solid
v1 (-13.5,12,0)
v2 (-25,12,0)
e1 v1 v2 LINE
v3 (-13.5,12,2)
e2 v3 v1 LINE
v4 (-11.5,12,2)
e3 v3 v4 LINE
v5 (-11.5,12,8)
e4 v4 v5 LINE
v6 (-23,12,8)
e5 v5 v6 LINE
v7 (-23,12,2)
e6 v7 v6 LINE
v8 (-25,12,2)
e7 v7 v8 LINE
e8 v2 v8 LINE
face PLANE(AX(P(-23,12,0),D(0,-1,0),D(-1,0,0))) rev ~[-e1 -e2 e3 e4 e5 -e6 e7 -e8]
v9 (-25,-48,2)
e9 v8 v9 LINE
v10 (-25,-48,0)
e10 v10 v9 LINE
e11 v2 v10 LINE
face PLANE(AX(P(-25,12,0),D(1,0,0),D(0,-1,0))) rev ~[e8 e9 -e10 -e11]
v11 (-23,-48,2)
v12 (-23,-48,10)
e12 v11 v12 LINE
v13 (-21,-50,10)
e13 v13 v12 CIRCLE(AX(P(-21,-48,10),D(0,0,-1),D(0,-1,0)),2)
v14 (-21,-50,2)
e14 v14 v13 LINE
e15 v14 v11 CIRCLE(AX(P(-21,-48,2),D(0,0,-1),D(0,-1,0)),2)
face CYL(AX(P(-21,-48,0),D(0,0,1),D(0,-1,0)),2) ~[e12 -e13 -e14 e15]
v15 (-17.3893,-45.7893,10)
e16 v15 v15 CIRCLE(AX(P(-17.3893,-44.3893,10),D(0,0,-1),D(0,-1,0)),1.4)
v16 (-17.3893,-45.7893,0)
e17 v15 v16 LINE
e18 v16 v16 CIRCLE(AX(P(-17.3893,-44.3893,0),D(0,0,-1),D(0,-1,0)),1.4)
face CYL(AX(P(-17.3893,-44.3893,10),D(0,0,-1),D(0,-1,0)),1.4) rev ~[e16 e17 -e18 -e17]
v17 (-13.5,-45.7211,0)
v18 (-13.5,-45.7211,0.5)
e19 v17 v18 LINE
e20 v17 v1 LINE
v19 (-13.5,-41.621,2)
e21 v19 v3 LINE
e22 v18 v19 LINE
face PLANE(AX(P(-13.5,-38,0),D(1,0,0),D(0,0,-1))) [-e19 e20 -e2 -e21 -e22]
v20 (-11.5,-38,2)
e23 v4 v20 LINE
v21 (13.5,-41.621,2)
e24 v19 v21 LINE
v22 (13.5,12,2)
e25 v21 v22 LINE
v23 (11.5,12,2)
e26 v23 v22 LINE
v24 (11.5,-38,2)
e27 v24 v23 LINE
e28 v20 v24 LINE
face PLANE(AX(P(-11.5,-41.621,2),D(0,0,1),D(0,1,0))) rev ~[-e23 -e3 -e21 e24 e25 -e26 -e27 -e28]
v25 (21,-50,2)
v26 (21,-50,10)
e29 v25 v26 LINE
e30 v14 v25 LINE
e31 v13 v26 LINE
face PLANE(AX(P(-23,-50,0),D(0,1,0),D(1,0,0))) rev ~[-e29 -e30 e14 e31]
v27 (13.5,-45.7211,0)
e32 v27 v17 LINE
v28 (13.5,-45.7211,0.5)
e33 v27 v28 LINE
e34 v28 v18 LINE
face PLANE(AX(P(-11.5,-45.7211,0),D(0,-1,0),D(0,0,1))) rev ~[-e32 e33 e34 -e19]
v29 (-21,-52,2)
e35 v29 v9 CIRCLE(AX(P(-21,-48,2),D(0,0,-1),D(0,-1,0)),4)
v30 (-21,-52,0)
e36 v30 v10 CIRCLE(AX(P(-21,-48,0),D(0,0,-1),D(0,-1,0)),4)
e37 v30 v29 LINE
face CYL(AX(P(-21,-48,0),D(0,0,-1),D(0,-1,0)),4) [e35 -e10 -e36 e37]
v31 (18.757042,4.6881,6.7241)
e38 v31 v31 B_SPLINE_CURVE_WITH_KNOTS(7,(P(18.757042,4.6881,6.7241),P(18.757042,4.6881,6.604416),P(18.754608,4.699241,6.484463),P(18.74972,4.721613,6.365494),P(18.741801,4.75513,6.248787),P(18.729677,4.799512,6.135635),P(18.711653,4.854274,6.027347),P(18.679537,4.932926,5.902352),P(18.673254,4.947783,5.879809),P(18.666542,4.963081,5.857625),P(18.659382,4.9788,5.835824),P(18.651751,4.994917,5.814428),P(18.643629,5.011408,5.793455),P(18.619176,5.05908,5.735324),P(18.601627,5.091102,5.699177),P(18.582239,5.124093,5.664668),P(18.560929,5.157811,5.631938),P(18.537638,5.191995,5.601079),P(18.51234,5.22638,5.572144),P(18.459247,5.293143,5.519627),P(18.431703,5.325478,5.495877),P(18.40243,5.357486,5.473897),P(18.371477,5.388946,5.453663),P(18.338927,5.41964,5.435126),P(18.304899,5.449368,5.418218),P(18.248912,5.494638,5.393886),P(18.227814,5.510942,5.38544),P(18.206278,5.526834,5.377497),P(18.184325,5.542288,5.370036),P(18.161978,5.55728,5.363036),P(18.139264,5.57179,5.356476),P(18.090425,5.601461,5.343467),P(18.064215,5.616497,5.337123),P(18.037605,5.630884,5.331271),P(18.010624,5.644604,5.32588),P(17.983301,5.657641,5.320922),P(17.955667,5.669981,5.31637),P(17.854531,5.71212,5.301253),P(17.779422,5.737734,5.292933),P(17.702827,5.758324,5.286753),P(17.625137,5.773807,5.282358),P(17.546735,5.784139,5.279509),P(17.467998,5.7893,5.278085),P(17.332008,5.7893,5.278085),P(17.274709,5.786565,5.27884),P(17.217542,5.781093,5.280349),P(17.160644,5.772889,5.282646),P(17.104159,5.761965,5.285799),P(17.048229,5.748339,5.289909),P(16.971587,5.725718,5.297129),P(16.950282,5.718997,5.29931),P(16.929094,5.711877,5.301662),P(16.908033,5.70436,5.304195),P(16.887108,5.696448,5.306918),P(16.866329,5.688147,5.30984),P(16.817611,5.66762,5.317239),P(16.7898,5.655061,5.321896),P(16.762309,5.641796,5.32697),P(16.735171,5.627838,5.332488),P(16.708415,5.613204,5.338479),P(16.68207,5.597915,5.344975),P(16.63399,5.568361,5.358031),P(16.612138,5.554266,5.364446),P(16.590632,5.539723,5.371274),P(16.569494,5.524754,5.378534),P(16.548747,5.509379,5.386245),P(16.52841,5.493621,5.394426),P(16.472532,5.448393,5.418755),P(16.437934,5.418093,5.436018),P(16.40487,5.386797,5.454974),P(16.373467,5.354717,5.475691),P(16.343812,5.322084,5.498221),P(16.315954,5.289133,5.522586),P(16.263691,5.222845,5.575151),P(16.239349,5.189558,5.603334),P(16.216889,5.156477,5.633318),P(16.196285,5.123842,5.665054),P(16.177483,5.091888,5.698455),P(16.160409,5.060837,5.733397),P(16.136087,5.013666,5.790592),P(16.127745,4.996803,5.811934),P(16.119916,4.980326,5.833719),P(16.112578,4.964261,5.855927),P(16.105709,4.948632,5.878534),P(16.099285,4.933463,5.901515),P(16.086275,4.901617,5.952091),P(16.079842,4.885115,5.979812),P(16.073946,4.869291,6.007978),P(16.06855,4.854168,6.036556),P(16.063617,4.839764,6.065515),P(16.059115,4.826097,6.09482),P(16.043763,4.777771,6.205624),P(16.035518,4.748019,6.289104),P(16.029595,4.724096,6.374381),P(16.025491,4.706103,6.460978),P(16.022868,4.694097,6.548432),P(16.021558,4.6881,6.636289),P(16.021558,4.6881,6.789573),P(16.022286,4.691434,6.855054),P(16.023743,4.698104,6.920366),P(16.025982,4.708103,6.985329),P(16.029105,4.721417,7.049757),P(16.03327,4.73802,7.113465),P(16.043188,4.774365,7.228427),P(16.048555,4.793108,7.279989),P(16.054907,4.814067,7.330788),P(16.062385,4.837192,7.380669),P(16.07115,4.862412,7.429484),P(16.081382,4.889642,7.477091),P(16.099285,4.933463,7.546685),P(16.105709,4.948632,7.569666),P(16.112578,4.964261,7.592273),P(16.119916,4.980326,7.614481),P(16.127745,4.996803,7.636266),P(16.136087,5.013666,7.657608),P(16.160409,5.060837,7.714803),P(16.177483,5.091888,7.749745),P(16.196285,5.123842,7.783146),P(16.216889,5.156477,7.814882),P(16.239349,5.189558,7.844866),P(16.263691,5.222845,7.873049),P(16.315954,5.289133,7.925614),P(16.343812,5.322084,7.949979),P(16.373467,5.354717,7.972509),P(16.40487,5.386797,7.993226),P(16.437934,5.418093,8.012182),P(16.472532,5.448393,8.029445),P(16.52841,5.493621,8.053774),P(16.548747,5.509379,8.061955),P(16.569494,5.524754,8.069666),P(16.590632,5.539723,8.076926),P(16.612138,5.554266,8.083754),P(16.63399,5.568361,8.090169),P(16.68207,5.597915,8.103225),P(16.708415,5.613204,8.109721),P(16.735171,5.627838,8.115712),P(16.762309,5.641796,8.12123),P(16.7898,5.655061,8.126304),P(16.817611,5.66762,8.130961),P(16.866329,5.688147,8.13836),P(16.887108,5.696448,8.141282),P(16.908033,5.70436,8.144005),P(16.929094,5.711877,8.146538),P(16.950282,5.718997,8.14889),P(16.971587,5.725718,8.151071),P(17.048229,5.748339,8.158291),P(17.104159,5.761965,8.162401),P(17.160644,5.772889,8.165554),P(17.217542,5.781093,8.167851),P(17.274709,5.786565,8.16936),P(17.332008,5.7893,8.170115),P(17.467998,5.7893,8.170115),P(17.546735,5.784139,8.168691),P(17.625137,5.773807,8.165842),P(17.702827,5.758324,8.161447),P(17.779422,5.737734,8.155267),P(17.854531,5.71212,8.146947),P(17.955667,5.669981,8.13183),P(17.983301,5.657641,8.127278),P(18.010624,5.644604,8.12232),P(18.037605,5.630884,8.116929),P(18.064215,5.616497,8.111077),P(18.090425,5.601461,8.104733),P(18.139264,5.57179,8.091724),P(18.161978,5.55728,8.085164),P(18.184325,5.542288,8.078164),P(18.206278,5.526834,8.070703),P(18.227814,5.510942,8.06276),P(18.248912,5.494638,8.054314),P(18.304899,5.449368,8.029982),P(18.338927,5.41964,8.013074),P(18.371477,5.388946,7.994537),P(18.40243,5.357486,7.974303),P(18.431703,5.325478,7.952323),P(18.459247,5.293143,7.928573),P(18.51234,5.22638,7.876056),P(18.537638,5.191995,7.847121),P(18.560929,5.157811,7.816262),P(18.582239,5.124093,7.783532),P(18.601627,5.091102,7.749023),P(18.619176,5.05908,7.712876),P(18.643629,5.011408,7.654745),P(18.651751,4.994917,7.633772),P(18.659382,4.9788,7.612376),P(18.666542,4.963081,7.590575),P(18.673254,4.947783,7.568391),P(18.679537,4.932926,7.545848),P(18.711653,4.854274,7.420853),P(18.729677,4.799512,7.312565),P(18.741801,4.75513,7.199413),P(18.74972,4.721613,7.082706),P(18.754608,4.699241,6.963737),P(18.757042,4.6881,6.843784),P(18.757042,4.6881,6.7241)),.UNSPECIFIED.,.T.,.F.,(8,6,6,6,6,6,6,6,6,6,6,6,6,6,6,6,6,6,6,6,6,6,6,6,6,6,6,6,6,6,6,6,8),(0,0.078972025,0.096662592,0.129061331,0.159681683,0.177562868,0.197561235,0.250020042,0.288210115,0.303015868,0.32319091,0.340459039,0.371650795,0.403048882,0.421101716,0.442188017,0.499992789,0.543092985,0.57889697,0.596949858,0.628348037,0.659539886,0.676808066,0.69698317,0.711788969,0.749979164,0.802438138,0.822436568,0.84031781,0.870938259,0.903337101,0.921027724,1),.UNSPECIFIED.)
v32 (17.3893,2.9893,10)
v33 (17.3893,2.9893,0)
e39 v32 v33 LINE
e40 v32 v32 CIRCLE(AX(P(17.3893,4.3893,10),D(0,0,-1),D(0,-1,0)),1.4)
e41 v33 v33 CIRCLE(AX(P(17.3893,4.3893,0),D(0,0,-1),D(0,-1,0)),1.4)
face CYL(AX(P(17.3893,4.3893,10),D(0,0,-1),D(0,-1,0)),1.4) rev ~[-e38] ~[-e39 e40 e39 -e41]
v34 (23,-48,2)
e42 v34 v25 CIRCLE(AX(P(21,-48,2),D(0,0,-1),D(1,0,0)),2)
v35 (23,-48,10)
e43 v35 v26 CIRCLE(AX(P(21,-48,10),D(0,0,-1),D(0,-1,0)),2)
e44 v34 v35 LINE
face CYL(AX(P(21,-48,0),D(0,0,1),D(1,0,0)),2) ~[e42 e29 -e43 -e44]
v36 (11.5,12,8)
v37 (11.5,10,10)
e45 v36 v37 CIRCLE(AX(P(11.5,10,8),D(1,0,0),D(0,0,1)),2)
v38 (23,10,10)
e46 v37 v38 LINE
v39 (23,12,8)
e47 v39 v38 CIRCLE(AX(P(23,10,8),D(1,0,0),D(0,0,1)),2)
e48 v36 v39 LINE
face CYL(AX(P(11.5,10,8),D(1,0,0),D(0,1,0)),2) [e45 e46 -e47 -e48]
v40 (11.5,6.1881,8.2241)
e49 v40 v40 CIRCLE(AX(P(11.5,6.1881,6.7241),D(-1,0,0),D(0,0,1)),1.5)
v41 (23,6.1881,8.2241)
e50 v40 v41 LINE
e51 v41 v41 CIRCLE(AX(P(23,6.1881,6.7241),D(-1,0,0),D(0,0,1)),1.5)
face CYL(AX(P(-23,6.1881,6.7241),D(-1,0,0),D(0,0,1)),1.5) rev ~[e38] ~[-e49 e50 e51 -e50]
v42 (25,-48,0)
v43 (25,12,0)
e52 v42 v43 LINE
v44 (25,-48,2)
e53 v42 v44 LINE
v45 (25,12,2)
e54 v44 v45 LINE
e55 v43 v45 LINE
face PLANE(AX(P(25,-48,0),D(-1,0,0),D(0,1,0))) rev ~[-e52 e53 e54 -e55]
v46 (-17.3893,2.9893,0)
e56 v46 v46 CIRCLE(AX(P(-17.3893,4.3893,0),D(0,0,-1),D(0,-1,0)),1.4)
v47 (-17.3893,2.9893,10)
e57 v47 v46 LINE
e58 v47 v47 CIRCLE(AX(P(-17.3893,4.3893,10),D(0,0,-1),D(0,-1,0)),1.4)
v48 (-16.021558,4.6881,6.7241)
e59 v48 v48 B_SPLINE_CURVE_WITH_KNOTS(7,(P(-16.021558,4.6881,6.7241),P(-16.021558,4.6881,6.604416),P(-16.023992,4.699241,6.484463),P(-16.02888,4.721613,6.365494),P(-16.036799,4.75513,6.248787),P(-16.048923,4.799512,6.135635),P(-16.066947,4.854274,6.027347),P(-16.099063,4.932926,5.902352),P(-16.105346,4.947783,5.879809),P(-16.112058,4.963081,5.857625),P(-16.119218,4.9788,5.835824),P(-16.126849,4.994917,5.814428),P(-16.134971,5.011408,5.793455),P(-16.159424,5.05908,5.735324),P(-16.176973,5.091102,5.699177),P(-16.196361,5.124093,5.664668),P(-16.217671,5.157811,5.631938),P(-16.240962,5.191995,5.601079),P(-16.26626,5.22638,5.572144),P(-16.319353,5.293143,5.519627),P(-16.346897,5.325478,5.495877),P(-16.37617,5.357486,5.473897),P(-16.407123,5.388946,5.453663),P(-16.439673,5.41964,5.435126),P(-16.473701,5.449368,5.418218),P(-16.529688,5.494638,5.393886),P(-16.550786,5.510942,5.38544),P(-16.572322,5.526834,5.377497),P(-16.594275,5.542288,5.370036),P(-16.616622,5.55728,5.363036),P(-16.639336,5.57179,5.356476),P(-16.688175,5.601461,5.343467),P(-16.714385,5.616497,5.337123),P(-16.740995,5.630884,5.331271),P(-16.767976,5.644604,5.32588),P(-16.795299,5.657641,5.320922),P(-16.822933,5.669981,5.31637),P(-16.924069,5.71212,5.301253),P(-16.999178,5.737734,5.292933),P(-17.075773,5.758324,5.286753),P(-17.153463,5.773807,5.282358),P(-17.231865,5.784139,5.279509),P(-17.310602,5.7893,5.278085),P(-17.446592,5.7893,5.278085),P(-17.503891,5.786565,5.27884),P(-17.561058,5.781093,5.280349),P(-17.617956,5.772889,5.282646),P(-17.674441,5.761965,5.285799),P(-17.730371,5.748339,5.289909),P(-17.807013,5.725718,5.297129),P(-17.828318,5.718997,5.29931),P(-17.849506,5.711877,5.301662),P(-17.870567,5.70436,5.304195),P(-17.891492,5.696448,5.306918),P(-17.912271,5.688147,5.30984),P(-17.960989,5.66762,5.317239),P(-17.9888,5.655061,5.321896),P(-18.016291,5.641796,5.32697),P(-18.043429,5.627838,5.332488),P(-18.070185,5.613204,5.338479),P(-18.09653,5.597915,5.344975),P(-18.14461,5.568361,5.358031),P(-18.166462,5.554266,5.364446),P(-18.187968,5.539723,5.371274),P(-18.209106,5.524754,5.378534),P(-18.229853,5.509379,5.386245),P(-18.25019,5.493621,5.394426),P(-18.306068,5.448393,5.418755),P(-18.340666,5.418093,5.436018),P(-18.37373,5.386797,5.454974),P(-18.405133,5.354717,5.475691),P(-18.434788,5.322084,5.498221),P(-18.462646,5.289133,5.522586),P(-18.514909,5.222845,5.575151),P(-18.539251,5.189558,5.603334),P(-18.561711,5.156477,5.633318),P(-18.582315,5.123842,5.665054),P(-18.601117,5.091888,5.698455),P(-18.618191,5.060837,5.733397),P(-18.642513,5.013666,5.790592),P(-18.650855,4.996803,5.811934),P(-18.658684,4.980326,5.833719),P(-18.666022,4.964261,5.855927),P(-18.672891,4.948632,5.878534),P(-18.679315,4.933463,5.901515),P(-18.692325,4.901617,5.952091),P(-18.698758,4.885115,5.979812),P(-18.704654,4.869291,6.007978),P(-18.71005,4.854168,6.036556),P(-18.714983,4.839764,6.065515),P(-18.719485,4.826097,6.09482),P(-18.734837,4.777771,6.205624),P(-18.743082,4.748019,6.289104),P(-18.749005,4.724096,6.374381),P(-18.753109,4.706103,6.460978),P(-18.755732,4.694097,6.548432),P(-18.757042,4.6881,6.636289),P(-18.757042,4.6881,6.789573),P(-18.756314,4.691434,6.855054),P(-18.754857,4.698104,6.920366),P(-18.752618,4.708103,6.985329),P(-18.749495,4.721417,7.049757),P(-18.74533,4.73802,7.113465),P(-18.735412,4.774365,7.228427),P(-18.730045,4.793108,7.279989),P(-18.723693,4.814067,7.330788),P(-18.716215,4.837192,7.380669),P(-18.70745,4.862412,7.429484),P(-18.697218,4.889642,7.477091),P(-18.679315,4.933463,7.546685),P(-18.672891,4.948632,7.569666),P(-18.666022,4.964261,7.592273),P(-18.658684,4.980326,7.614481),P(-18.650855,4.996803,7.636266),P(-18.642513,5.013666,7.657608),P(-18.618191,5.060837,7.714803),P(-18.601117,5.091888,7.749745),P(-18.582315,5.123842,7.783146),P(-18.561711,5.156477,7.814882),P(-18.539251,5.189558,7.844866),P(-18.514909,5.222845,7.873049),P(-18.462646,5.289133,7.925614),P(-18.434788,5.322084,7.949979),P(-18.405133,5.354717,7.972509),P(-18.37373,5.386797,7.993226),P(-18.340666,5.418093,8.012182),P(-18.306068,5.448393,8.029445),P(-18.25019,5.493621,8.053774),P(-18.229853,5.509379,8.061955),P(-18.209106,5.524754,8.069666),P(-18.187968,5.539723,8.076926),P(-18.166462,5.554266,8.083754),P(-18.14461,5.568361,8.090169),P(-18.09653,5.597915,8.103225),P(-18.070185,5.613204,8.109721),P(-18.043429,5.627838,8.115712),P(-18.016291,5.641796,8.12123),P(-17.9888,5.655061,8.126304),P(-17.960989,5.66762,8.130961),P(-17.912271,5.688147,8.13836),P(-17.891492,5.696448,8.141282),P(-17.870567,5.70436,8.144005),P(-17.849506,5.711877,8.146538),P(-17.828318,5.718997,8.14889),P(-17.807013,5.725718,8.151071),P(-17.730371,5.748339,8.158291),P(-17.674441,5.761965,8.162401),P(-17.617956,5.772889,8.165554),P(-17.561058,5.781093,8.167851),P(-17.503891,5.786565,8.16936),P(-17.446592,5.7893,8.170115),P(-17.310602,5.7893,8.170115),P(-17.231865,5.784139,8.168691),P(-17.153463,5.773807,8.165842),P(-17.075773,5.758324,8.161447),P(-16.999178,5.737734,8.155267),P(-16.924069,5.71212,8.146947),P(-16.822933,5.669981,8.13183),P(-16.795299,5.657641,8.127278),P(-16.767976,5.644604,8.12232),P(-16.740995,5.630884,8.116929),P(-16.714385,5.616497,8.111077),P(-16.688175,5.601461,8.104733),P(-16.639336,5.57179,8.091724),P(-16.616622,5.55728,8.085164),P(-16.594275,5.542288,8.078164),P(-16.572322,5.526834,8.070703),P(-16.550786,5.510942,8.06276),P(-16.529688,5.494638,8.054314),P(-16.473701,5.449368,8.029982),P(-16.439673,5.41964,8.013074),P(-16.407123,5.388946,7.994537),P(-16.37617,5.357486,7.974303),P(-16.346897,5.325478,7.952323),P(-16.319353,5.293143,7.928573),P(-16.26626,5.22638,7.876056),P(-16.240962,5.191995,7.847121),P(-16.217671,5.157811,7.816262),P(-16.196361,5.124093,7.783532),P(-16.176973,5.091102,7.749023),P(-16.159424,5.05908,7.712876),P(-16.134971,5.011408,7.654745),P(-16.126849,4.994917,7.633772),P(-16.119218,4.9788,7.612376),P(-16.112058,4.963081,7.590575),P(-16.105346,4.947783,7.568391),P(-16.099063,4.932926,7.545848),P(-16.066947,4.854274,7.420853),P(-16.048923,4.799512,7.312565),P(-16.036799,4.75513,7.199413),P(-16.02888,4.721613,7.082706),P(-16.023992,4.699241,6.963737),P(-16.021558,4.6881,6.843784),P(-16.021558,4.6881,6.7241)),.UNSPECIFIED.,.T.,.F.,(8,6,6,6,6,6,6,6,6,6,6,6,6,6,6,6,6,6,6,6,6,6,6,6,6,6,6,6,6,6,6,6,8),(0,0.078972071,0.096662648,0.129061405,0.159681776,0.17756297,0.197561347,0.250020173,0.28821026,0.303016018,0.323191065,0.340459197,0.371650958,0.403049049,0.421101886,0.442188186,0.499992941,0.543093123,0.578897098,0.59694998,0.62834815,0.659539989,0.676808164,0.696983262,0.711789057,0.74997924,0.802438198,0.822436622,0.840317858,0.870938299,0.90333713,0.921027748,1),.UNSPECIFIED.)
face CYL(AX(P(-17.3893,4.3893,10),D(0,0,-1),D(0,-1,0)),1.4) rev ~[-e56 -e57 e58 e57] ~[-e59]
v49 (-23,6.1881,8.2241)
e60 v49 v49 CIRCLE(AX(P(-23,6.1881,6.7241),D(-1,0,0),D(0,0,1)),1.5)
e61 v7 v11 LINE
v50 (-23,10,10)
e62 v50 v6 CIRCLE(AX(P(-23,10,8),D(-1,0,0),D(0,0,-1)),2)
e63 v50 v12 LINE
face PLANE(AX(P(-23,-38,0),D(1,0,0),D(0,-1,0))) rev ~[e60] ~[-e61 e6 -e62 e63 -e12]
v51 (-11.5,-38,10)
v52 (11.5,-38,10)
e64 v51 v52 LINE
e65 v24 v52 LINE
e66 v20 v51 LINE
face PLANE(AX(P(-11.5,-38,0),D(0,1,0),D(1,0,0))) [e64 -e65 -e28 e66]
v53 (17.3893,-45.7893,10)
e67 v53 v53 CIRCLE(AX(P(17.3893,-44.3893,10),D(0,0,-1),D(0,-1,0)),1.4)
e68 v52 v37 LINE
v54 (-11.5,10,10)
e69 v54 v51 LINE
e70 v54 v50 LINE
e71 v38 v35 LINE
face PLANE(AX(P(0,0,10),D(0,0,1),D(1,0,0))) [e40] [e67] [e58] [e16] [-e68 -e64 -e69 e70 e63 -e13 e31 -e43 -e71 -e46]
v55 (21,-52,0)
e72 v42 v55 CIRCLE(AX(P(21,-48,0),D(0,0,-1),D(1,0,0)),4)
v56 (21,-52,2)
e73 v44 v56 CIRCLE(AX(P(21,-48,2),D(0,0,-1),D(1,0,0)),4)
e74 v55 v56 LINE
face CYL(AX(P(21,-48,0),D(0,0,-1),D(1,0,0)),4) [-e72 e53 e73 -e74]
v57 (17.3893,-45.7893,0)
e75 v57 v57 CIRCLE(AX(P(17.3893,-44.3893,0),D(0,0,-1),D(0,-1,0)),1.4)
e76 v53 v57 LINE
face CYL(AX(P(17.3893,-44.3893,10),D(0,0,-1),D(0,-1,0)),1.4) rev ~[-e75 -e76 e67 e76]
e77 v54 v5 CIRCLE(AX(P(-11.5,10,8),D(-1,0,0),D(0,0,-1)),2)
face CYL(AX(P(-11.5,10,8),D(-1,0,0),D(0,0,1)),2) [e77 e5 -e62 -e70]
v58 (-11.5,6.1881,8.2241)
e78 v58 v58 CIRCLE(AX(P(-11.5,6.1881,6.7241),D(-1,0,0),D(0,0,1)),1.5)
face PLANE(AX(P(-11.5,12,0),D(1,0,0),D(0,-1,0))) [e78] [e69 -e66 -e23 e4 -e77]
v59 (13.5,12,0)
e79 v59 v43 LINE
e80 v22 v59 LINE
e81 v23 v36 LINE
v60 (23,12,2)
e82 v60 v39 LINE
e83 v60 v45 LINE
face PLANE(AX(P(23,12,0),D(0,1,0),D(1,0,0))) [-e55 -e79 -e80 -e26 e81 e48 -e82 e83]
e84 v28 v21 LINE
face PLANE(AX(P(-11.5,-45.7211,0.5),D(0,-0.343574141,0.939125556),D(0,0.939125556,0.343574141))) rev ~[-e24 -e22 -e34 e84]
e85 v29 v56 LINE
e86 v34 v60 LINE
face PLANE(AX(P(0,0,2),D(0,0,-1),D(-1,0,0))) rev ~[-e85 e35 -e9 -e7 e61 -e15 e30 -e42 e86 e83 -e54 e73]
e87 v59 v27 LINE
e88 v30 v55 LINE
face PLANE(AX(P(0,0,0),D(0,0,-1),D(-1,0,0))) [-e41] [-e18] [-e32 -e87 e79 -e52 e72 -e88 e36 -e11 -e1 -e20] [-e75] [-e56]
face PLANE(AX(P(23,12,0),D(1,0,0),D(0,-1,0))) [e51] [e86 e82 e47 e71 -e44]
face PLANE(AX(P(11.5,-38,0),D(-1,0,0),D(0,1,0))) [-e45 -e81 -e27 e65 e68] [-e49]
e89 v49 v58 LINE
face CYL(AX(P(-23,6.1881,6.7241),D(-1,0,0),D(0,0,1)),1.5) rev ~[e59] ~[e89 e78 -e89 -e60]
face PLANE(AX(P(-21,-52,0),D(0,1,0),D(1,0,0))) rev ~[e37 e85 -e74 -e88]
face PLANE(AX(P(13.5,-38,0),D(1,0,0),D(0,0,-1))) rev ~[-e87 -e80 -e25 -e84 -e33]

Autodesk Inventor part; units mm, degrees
ref_plane "YZ Plane" through (0, 0, 0) normal (1, 0, 0) x (0, 1, 0)
ref_plane "XZ Plane" through (0, 0, 0) normal (0, 1, 0) x (-1, 0, 0)
ref_plane "XY Plane" through (0, 0, 0) normal (0, 0, 1) x (1, 0, 0)
sketch "Skizze1" plane through (0, 0, 0) normal (0, 0, 1) x (1, 0, 0)
  line L0 (11.5, 38) -> (-11.5, 38)
  line L1 (-11.5, 38) -> (-11.5, -38)
  line L2 (-11.5, -38) -> (11.5, -38)
  line L3 (11.5, -38) -> (11.5, 38)
  line L4 (11.5, 38) -> (-11.5, -38) construction
  line L5 (-11.5, 38) -> (11.5, -38) construction
  line L6 (-23, -50) -> (23, -50)
  line L7 (23, -50) -> (23, -38)
  line L8 (23, -38) -> (-23, -38)
  line L9 (-23, -38) -> (-23, -50)
  line L10 (-23, -50) -> (23, -38) construction
  line L11 (23, -50) -> (-23, -38) construction
  line L12 (-23, -38) -> (-11.5, -38)
  line L13 (-11.5, -38) -> (-11.5, 12)
  line L14 (-11.5, 12) -> (-23, 12)
  line L15 (-23, 12) -> (-23, -38)
  line L16 (23, -38) -> (11.5, -38)
  line L17 (11.5, -38) -> (11.5, 12)
  line L18 (11.5, 12) -> (23, 12)
  line L19 (23, 12) -> (23, -38)
  point P0 (0, 0)
  point P1 (0, -44)
  point P2 (0, -38)
  dimension "d0" = 23
  dimension "d1" = 76
  dimension "d2" = 12
  dimension "d3" = 50
  dimension "d4" = 50
  dimension "d5" = 46
extrude "Extrusion1" add sketch "Skizze1" along normal blind 10 contours L18 L19 L8 L3 | L1 L8 L15 L14 | L8 L7 L6 L9 L2
sketch "Skizze2" plane through (-11.5, -38, 0) normal (1, 0, 0) x (0, 0, -1)
  line L0 (0, 50) -> (0, -12) projected
  line L1 (0, -7.7211) -> (-0.5, -7.7211)
  line L2 (-0.5, -7.7211) -> (-2, -3.621)
  line L3 (-2, -3.621) -> (-2, 50)
  line L4 (-2, 50) -> (0, 50)
  line L5 (0, 0) -> (0, 50) projected
  point P0 (0, 38)
  point P1 (0, 5.0638)
  dimension "d8" = 0.5
  dimension "d15" = 2
extrude "Extrusion2" cut sketch "Skizze2" along normal blind 25 and the other way blind 2
sketch "Skizze3" plane through (-23, -50, 0) normal (-1, 0, 0) x (0, 0, 1)
  line L0 (0, 62) -> (0, 0) projected
  line L1 (0, 0) -> (10, 0) projected
  line L2 (10, 62) -> (10, 0) projected
  line L3 (0, 62) -> (10, 62) projected
  circle A0 centre (6.7241, 56.1881) radius 1.5
  point P0 (0, 50)
  dimension "d11" = 3
extrude "Extrusion3" cut sketch "Skizze3" against normal through all contours A0
fillet "Rundung1" radius 2 4 edges at (17.25, 12, 10) (-17.25, 12, 10) (-23, -50, 5) (23, -50, 5)
sketch "Skizze4" plane through (0, 0, 0) normal (0, 0, -1) x (-1, 0, 0)
  arc A0 (-23, -48) -> (-21, -50) centre (-21, -48) ccw projected
  line L0 (21, -50) -> (-21, -50) projected
  arc A1 (21, -50) -> (23, -48) centre (21, -48) ccw projected
  line L1 (23, 12) -> (23, -48) projected
  line L2 (13.5, 12) -> (23, 12) projected
  line L3 (13.5, 12) -> (13.5, -45.7211) projected
  line L4 (13.5, -45.7211) -> (-13.5, -45.7211) projected
  line L5 (-13.5, -45.7211) -> (-13.5, 12) projected
  line L6 (-23, 12) -> (-13.5, 12) projected
  line L7 (-23, -48) -> (-23, 12) projected
  line L8 (-25, 14) -> (-11.5, 14)
  line L9 (-11.5, 14) -> (-11.5, -43.7211)
  line L10 (-11.5, -43.7211) -> (11.5, -43.7211)
  line L11 (11.5, -43.7211) -> (11.5, 14)
  line L12 (11.5, 14) -> (25, 14)
  line L13 (25, 14) -> (25, -48)
  arc A2 (21, -52) -> (25, -48) centre (21, -48) ccw
  line L14 (21, -52) -> (-21, -52)
  arc A3 (-25, -48) -> (-21, -52) centre (-21, -48) ccw
  line L15 (-25, -48) -> (-25, 14)
  line L16 (-23, 12) -> (-25, 12)
  line L17 (23, 12) -> (25, 12)
  point P0 (0, 0)
  dimension "d18" = 2
extrude "Extrusion4" add sketch "Skizze4" against normal blind 2 contours A0 L0 A1 L1 L17 L13 A2 L14 A3 L15 L16 L7
sketch "Skizze5" plane through (0, 0, 10) normal (0, 0, 1) x (1, 0, 0)
  arc A0 (21, -50) -> (23, -48) centre (21, -48) ccw projected
  line L0 (23, -48) -> (23, 10) projected
  line L1 (11.5, 10) -> (23, 10) projected
  line L2 (11.5, 10) -> (11.5, -38) projected
  line L3 (11.5, -38) -> (-11.5, -38) projected
  line L4 (-11.5, -38) -> (-11.5, 10) projected
  line L5 (-23, 10) -> (-11.5, 10) projected
  line L6 (-23, 10) -> (-23, -48) projected
  arc A1 (-23, -48) -> (-21, -50) centre (-21, -48) ccw projected
  line L7 (-21, -50) -> (21, -50) projected
  line L8 (-17.3893, -44.3893) -> (-17.3893, 4.3893)
  line L9 (-17.3893, 4.3893) -> (-17.1107, 4.3893)
  line L10 (-17.1107, 4.3893) -> (-17.1107, -43.6107)
  line L11 (-17.1107, -43.6107) -> (17.1107, -43.6107)
  line L12 (17.1107, -43.6107) -> (17.1107, 4.3893)
  line L13 (17.1107, 4.3893) -> (17.3893, 4.3893)
  line L14 (17.3893, 4.3893) -> (17.3893, -44.3893)
  line L15 (17.3893, -44.3893) -> (-17.3893, -44.3893)
  point P0 (0, 0)
hole "Bohrung1" at (-17.3893, -44.3893, 10) at (17.3893, -44.3893, 10) at (17.3893, 4.3893, 10) at (-17.3893, 4.3893, 10) direction (0, 0, -1) diameter 2.8 depth 12 tip angle 118
properties part number "Anglerfish_coverslipclamp_top"
